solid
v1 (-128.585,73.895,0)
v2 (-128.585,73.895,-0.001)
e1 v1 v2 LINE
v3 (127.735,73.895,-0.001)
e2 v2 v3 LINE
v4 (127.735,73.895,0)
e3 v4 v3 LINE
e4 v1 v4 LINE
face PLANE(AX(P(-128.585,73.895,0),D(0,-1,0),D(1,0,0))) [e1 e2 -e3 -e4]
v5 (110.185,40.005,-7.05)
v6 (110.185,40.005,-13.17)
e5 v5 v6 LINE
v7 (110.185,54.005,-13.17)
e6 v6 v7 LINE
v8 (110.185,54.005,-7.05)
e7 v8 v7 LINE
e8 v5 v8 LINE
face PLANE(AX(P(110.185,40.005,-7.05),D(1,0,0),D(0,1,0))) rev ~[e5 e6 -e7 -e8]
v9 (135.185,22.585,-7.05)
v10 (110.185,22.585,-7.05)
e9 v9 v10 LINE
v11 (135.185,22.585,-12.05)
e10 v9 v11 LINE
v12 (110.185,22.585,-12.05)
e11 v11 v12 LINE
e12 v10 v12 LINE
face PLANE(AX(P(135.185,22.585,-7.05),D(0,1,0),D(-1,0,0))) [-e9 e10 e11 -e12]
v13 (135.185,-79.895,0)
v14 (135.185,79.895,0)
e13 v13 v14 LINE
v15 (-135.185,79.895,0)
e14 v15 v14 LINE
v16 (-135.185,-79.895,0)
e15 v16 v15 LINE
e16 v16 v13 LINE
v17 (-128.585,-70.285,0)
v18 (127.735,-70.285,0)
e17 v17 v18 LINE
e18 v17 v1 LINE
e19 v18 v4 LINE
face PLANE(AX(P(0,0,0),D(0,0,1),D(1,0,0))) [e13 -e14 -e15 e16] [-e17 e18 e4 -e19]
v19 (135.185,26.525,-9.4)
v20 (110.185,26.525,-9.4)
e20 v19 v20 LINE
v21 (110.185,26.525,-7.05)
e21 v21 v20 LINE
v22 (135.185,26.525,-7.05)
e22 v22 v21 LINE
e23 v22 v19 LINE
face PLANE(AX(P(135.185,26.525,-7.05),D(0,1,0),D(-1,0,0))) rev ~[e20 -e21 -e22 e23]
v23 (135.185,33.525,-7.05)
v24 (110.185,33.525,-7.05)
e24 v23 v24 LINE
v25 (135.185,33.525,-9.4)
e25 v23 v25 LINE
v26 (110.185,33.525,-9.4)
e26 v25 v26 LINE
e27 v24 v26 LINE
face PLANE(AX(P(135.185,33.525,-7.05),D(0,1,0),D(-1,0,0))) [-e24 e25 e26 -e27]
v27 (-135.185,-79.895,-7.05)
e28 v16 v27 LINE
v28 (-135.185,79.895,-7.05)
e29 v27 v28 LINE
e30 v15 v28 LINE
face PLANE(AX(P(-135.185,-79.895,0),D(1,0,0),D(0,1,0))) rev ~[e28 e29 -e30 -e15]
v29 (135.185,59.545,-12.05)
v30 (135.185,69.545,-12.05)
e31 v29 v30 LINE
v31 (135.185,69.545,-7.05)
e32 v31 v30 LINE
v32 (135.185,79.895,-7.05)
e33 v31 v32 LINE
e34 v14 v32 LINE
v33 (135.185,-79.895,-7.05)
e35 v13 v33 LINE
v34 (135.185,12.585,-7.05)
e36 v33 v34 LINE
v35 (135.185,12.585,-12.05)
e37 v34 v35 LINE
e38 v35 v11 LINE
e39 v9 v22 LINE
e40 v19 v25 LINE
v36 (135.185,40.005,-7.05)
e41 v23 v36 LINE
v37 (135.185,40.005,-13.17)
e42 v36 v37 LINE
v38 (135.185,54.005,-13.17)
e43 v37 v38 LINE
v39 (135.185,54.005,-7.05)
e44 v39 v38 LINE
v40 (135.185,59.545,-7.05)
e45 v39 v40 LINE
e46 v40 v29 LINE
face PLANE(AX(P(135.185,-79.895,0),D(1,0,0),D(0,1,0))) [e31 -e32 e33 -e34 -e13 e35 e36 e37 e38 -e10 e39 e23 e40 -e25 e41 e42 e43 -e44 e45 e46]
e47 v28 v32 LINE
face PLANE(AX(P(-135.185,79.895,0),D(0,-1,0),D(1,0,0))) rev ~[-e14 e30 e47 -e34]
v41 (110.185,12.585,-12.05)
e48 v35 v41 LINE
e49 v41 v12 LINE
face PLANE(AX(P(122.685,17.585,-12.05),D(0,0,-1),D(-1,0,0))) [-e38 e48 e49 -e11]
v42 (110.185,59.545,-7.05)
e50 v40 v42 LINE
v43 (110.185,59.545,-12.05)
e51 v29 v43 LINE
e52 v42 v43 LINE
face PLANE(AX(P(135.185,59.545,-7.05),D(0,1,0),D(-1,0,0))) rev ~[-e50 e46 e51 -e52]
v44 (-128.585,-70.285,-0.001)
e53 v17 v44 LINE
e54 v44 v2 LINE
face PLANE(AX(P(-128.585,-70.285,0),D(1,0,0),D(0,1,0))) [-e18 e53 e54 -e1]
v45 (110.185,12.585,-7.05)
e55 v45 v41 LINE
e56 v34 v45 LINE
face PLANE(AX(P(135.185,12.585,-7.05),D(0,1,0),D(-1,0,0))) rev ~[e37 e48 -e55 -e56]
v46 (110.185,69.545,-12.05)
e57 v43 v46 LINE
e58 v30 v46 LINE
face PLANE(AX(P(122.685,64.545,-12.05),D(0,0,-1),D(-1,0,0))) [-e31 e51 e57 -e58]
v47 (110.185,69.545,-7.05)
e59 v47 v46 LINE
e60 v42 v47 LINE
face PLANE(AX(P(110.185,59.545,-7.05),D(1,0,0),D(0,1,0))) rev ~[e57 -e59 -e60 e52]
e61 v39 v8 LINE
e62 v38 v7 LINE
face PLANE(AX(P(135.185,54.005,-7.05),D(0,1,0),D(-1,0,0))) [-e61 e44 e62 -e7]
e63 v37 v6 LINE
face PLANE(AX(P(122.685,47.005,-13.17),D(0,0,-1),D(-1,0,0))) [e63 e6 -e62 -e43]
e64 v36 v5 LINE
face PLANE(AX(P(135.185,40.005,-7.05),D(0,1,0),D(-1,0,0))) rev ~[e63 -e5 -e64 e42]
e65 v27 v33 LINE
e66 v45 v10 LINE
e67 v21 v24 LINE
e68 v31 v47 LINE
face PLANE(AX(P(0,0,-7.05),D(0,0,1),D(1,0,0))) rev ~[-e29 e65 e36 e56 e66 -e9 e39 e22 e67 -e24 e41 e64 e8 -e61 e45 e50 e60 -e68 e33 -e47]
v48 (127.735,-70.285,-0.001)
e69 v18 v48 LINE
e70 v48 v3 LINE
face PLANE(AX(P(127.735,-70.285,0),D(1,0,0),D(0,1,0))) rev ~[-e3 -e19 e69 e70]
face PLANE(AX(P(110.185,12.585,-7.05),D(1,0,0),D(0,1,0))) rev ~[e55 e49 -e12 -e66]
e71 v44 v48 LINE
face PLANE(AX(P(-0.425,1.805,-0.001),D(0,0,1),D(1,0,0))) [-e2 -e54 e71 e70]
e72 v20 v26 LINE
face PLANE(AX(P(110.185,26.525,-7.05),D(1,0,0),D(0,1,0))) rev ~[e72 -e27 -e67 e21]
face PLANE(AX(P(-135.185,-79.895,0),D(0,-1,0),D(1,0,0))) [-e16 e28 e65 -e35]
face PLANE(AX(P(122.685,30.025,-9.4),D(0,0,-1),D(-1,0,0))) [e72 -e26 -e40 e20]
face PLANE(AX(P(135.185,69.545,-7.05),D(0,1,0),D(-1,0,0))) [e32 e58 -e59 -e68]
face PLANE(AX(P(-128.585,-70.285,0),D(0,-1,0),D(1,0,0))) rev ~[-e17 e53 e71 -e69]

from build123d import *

# Parameters (mm, degrees)
SKETCH1_W           = 270.37
SKETCH1_H           = 159.79
BOSS_EXTRUDE1_DEPTH = 7.05
SKETCH2_W           = 256.32
SKETCH2_H           = 144.18
CUT_EXTRUDE1_DEPTH  = 0.001
SKETCH3_W           = 25
SKETCH3_H           = 10
BOSS_EXTRUDE3_DEPTH = 5
SKETCH3_3_W         = 25
SKETCH3_3_H         = 14
BOSS_EXTRUDE4_DEPTH = 6.12
SKETCH3_4_W         = 25
SKETCH3_4_H         = 7
BOSS_EXTRUDE5_DEPTH = 2.35
SKETCH3_5_W         = 25
SKETCH3_5_H         = 10
BOSS_EXTRUDE6_DEPTH = 5


with BuildPart() as part:
    # Sketch1 → Boss-Extrude1 (new body)
    with BuildSketch(Plane.XY):
        Rectangle(SKETCH1_W, SKETCH1_H)
    extrude(amount=-BOSS_EXTRUDE1_DEPTH)

    # Sketch2 → Cut-Extrude1 (cut)
    with BuildSketch(Plane.XY):
        with Locations((-0.425, 1.805)):
            Rectangle(SKETCH2_W, SKETCH2_H)
    extrude(amount=-CUT_EXTRUDE1_DEPTH, mode=Mode.SUBTRACT)

    # Sketch3 → Boss-Extrude3 (add)
    with BuildSketch(Plane(origin=(0, 0, -7.05), x_dir=(-1, 0, 0), z_dir=(0, 0, -1))):
        with Locations((-122.685, 64.545)):
            Rectangle(SKETCH3_W, SKETCH3_H)
    extrude(amount=BOSS_EXTRUDE3_DEPTH)

    # Sketch3<3> → Boss-Extrude4 (add)
    with BuildSketch(Plane(origin=(0, 0, -7.05), x_dir=(-1, 0, 0), z_dir=(0, 0, -1))):
        with Locations((-122.685, 47.005)):
            Rectangle(SKETCH3_3_W, SKETCH3_3_H)
    extrude(amount=BOSS_EXTRUDE4_DEPTH)

    # Sketch3<4> → Boss-Extrude5 (add)
    with BuildSketch(Plane(origin=(0, 0, -7.05), x_dir=(-1, 0, 0), z_dir=(0, 0, -1))):
        with Locations((-122.685, 30.025)):
            Rectangle(SKETCH3_4_W, SKETCH3_4_H)
    extrude(amount=BOSS_EXTRUDE5_DEPTH)

    # Sketch3<5> → Boss-Extrude6 (add)
    with BuildSketch(Plane(origin=(0, 0, -7.05), x_dir=(-1, 0, 0), z_dir=(0, 0, -1))):
        with Locations((-122.685, 17.585)):
            Rectangle(SKETCH3_5_W, SKETCH3_5_H)
    extrude(amount=BOSS_EXTRUDE6_DEPTH)


solid = part.part
